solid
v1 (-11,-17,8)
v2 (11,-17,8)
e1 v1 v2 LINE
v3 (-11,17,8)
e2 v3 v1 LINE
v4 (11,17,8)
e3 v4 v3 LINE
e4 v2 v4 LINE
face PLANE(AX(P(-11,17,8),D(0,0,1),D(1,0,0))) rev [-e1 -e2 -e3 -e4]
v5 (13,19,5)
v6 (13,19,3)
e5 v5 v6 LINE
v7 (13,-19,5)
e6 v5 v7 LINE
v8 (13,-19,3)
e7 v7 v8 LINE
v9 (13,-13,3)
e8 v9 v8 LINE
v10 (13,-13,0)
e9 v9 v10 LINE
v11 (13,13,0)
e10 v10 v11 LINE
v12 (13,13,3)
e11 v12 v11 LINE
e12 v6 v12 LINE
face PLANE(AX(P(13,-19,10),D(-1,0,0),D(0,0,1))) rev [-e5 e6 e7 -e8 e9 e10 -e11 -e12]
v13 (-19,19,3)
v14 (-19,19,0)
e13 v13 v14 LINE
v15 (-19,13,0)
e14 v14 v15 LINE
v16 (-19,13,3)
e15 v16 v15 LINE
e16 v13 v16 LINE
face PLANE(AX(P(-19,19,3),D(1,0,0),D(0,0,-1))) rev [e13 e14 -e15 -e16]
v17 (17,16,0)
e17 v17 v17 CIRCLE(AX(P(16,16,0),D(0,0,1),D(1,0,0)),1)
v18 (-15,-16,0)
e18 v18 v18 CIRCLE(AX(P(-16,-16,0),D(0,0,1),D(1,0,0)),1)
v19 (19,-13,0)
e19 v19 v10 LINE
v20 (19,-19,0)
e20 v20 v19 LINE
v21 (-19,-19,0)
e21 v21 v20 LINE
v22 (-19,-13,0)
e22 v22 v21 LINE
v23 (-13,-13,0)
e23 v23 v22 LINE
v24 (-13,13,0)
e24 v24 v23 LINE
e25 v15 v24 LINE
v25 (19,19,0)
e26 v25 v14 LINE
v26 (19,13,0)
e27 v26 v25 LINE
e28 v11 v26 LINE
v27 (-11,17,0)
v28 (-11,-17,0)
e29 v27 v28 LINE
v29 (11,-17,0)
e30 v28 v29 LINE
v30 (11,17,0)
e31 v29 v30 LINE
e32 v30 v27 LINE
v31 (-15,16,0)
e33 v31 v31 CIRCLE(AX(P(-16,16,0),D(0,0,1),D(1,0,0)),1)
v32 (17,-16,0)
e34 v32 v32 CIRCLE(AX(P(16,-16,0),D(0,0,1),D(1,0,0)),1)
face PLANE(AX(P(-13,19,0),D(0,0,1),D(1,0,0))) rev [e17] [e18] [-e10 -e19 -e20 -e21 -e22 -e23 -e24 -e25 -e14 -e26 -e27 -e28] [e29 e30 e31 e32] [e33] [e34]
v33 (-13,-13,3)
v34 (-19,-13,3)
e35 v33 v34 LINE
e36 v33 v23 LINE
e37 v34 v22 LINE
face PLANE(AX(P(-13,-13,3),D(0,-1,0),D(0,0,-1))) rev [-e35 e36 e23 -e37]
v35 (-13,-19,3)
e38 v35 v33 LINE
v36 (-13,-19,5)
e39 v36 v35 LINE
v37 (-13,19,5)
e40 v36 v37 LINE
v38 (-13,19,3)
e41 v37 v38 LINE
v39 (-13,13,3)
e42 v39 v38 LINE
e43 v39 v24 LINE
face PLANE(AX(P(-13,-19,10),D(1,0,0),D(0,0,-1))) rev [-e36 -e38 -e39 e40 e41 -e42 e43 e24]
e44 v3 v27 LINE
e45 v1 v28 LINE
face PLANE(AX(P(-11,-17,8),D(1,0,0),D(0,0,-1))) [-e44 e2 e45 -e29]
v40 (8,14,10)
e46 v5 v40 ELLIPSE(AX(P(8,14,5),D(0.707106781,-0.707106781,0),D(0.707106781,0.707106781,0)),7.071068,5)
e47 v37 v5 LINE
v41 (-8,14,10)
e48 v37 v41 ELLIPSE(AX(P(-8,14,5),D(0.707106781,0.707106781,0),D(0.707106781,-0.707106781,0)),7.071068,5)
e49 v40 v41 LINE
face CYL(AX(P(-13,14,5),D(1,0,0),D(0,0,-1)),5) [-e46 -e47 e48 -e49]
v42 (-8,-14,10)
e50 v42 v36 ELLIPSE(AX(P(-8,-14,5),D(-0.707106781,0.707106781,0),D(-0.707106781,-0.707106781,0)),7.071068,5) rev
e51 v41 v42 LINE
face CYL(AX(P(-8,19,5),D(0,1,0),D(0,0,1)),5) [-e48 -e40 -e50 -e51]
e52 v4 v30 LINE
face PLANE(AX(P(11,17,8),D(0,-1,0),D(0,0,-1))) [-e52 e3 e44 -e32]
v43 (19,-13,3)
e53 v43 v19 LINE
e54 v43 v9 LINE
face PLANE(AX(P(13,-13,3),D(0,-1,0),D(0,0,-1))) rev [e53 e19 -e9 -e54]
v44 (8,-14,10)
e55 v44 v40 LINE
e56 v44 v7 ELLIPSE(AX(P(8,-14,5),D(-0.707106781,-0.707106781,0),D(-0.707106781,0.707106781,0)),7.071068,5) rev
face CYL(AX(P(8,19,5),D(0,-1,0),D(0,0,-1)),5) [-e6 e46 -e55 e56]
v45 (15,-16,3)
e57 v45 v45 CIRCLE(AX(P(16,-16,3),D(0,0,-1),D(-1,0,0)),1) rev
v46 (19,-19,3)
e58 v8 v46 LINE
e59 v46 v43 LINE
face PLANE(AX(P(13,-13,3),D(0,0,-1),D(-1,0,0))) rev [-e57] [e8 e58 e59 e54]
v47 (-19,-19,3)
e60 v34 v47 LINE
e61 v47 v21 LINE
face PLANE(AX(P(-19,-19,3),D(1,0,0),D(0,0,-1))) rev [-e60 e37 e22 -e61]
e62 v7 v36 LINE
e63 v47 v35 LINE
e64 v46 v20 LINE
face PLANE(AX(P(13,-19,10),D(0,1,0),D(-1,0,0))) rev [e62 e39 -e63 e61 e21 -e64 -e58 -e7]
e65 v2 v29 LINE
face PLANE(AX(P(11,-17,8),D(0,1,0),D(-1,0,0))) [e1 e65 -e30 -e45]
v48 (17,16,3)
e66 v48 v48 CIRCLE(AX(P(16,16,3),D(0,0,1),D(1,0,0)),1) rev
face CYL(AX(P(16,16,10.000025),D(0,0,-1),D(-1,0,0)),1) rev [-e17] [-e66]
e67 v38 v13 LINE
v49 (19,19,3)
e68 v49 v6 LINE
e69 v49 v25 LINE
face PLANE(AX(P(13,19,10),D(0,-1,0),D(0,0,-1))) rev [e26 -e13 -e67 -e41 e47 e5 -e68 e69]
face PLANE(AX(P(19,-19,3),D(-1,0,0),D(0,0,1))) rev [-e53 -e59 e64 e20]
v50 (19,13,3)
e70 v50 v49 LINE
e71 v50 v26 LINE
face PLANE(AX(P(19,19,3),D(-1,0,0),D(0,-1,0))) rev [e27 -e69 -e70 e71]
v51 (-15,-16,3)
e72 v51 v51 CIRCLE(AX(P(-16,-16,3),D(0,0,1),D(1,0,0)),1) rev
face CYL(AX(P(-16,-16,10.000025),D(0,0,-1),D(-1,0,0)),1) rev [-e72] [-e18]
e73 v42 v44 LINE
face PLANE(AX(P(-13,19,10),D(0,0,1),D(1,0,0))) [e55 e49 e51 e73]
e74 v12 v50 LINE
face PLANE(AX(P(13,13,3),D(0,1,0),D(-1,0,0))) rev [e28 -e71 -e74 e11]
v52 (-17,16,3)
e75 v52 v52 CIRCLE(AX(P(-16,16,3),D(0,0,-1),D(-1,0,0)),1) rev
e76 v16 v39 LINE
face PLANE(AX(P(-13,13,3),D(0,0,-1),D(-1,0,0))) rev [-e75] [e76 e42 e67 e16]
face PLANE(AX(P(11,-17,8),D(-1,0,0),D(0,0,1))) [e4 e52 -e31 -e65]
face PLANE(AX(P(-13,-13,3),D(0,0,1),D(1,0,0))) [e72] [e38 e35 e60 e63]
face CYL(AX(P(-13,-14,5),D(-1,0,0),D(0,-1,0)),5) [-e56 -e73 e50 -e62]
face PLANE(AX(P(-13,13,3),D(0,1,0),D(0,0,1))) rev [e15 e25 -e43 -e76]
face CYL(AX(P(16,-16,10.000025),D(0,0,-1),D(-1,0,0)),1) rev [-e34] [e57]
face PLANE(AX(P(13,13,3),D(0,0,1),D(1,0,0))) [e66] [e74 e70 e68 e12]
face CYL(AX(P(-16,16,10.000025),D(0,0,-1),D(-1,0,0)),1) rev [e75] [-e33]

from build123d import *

# Parameters (mm, degrees)
SKETCH_1_W          = 26
SKETCH_1_H          = 38
EXTRUDE_1_DEPTH     = 10
SKETCH_2_W          = 22
SKETCH_2_H          = 34
CUT_EXTRUDE_1_DEPTH = 8
SKETCH_4_W          = 6
SKETCH_4_H          = 6
EXTRUDE_2_DEPTH     = 3
SKETCH_5_R          = 1
CUT_EXTRUDE_4_DEPTH = 11
FILLET_1_R          = 5


with BuildPart() as part:
    # ｽｹｯﾁ1 → ﾎﾞｽ - 押し出し1 (new body)
    with BuildSketch(Plane.XY):
        Rectangle(SKETCH_1_W, SKETCH_1_H)
    extrude(amount=EXTRUDE_1_DEPTH)

    # ｽｹｯﾁ2 → ｶｯﾄ - 押し出し1 (cut)
    with BuildSketch(Plane.XY):
        Rectangle(SKETCH_2_W, SKETCH_2_H)
    extrude(amount=CUT_EXTRUDE_1_DEPTH, mode=Mode.SUBTRACT)

    # ｽｹｯﾁ4 → ﾎﾞｽ - 押し出し2 (add)
    with BuildSketch(Plane.XY):
        with Locations((16, 16)):
            Rectangle(SKETCH_4_W, SKETCH_4_H)
        with Locations((16, -16)):
            Rectangle(SKETCH_4_W, SKETCH_4_H)
        with Locations((-16, -16)):
            Rectangle(SKETCH_4_W, SKETCH_4_H)
        with Locations((-16, 16)):
            Rectangle(SKETCH_4_W, SKETCH_4_H)
    extrude(amount=EXTRUDE_2_DEPTH)

    # ｽｹｯﾁ5 → ｶｯﾄ - 押し出し4 (cut, through all)
    with BuildSketch(Plane.XY):
        with Locations((-16, 16)):
            Circle(SKETCH_5_R)
        with Locations((-16, -16)):
            Circle(SKETCH_5_R)
        with Locations((16, -16)):
            Circle(SKETCH_5_R)
        with Locations((16, 16)):
            Circle(SKETCH_5_R)
    extrude(amount=CUT_EXTRUDE_4_DEPTH, mode=Mode.SUBTRACT)

    # ﾌｨﾚｯﾄ1
    fillet_1_edges = [part.edges().sort_by_distance(p)[0] for p in [
        (0, 19, 10),
        (0, -19, 10),
        (13, 0, 10),
        (-13, 0, 10),
    ]]
    fillet(fillet_1_edges, radius=FILLET_1_R)


solid = part.part
